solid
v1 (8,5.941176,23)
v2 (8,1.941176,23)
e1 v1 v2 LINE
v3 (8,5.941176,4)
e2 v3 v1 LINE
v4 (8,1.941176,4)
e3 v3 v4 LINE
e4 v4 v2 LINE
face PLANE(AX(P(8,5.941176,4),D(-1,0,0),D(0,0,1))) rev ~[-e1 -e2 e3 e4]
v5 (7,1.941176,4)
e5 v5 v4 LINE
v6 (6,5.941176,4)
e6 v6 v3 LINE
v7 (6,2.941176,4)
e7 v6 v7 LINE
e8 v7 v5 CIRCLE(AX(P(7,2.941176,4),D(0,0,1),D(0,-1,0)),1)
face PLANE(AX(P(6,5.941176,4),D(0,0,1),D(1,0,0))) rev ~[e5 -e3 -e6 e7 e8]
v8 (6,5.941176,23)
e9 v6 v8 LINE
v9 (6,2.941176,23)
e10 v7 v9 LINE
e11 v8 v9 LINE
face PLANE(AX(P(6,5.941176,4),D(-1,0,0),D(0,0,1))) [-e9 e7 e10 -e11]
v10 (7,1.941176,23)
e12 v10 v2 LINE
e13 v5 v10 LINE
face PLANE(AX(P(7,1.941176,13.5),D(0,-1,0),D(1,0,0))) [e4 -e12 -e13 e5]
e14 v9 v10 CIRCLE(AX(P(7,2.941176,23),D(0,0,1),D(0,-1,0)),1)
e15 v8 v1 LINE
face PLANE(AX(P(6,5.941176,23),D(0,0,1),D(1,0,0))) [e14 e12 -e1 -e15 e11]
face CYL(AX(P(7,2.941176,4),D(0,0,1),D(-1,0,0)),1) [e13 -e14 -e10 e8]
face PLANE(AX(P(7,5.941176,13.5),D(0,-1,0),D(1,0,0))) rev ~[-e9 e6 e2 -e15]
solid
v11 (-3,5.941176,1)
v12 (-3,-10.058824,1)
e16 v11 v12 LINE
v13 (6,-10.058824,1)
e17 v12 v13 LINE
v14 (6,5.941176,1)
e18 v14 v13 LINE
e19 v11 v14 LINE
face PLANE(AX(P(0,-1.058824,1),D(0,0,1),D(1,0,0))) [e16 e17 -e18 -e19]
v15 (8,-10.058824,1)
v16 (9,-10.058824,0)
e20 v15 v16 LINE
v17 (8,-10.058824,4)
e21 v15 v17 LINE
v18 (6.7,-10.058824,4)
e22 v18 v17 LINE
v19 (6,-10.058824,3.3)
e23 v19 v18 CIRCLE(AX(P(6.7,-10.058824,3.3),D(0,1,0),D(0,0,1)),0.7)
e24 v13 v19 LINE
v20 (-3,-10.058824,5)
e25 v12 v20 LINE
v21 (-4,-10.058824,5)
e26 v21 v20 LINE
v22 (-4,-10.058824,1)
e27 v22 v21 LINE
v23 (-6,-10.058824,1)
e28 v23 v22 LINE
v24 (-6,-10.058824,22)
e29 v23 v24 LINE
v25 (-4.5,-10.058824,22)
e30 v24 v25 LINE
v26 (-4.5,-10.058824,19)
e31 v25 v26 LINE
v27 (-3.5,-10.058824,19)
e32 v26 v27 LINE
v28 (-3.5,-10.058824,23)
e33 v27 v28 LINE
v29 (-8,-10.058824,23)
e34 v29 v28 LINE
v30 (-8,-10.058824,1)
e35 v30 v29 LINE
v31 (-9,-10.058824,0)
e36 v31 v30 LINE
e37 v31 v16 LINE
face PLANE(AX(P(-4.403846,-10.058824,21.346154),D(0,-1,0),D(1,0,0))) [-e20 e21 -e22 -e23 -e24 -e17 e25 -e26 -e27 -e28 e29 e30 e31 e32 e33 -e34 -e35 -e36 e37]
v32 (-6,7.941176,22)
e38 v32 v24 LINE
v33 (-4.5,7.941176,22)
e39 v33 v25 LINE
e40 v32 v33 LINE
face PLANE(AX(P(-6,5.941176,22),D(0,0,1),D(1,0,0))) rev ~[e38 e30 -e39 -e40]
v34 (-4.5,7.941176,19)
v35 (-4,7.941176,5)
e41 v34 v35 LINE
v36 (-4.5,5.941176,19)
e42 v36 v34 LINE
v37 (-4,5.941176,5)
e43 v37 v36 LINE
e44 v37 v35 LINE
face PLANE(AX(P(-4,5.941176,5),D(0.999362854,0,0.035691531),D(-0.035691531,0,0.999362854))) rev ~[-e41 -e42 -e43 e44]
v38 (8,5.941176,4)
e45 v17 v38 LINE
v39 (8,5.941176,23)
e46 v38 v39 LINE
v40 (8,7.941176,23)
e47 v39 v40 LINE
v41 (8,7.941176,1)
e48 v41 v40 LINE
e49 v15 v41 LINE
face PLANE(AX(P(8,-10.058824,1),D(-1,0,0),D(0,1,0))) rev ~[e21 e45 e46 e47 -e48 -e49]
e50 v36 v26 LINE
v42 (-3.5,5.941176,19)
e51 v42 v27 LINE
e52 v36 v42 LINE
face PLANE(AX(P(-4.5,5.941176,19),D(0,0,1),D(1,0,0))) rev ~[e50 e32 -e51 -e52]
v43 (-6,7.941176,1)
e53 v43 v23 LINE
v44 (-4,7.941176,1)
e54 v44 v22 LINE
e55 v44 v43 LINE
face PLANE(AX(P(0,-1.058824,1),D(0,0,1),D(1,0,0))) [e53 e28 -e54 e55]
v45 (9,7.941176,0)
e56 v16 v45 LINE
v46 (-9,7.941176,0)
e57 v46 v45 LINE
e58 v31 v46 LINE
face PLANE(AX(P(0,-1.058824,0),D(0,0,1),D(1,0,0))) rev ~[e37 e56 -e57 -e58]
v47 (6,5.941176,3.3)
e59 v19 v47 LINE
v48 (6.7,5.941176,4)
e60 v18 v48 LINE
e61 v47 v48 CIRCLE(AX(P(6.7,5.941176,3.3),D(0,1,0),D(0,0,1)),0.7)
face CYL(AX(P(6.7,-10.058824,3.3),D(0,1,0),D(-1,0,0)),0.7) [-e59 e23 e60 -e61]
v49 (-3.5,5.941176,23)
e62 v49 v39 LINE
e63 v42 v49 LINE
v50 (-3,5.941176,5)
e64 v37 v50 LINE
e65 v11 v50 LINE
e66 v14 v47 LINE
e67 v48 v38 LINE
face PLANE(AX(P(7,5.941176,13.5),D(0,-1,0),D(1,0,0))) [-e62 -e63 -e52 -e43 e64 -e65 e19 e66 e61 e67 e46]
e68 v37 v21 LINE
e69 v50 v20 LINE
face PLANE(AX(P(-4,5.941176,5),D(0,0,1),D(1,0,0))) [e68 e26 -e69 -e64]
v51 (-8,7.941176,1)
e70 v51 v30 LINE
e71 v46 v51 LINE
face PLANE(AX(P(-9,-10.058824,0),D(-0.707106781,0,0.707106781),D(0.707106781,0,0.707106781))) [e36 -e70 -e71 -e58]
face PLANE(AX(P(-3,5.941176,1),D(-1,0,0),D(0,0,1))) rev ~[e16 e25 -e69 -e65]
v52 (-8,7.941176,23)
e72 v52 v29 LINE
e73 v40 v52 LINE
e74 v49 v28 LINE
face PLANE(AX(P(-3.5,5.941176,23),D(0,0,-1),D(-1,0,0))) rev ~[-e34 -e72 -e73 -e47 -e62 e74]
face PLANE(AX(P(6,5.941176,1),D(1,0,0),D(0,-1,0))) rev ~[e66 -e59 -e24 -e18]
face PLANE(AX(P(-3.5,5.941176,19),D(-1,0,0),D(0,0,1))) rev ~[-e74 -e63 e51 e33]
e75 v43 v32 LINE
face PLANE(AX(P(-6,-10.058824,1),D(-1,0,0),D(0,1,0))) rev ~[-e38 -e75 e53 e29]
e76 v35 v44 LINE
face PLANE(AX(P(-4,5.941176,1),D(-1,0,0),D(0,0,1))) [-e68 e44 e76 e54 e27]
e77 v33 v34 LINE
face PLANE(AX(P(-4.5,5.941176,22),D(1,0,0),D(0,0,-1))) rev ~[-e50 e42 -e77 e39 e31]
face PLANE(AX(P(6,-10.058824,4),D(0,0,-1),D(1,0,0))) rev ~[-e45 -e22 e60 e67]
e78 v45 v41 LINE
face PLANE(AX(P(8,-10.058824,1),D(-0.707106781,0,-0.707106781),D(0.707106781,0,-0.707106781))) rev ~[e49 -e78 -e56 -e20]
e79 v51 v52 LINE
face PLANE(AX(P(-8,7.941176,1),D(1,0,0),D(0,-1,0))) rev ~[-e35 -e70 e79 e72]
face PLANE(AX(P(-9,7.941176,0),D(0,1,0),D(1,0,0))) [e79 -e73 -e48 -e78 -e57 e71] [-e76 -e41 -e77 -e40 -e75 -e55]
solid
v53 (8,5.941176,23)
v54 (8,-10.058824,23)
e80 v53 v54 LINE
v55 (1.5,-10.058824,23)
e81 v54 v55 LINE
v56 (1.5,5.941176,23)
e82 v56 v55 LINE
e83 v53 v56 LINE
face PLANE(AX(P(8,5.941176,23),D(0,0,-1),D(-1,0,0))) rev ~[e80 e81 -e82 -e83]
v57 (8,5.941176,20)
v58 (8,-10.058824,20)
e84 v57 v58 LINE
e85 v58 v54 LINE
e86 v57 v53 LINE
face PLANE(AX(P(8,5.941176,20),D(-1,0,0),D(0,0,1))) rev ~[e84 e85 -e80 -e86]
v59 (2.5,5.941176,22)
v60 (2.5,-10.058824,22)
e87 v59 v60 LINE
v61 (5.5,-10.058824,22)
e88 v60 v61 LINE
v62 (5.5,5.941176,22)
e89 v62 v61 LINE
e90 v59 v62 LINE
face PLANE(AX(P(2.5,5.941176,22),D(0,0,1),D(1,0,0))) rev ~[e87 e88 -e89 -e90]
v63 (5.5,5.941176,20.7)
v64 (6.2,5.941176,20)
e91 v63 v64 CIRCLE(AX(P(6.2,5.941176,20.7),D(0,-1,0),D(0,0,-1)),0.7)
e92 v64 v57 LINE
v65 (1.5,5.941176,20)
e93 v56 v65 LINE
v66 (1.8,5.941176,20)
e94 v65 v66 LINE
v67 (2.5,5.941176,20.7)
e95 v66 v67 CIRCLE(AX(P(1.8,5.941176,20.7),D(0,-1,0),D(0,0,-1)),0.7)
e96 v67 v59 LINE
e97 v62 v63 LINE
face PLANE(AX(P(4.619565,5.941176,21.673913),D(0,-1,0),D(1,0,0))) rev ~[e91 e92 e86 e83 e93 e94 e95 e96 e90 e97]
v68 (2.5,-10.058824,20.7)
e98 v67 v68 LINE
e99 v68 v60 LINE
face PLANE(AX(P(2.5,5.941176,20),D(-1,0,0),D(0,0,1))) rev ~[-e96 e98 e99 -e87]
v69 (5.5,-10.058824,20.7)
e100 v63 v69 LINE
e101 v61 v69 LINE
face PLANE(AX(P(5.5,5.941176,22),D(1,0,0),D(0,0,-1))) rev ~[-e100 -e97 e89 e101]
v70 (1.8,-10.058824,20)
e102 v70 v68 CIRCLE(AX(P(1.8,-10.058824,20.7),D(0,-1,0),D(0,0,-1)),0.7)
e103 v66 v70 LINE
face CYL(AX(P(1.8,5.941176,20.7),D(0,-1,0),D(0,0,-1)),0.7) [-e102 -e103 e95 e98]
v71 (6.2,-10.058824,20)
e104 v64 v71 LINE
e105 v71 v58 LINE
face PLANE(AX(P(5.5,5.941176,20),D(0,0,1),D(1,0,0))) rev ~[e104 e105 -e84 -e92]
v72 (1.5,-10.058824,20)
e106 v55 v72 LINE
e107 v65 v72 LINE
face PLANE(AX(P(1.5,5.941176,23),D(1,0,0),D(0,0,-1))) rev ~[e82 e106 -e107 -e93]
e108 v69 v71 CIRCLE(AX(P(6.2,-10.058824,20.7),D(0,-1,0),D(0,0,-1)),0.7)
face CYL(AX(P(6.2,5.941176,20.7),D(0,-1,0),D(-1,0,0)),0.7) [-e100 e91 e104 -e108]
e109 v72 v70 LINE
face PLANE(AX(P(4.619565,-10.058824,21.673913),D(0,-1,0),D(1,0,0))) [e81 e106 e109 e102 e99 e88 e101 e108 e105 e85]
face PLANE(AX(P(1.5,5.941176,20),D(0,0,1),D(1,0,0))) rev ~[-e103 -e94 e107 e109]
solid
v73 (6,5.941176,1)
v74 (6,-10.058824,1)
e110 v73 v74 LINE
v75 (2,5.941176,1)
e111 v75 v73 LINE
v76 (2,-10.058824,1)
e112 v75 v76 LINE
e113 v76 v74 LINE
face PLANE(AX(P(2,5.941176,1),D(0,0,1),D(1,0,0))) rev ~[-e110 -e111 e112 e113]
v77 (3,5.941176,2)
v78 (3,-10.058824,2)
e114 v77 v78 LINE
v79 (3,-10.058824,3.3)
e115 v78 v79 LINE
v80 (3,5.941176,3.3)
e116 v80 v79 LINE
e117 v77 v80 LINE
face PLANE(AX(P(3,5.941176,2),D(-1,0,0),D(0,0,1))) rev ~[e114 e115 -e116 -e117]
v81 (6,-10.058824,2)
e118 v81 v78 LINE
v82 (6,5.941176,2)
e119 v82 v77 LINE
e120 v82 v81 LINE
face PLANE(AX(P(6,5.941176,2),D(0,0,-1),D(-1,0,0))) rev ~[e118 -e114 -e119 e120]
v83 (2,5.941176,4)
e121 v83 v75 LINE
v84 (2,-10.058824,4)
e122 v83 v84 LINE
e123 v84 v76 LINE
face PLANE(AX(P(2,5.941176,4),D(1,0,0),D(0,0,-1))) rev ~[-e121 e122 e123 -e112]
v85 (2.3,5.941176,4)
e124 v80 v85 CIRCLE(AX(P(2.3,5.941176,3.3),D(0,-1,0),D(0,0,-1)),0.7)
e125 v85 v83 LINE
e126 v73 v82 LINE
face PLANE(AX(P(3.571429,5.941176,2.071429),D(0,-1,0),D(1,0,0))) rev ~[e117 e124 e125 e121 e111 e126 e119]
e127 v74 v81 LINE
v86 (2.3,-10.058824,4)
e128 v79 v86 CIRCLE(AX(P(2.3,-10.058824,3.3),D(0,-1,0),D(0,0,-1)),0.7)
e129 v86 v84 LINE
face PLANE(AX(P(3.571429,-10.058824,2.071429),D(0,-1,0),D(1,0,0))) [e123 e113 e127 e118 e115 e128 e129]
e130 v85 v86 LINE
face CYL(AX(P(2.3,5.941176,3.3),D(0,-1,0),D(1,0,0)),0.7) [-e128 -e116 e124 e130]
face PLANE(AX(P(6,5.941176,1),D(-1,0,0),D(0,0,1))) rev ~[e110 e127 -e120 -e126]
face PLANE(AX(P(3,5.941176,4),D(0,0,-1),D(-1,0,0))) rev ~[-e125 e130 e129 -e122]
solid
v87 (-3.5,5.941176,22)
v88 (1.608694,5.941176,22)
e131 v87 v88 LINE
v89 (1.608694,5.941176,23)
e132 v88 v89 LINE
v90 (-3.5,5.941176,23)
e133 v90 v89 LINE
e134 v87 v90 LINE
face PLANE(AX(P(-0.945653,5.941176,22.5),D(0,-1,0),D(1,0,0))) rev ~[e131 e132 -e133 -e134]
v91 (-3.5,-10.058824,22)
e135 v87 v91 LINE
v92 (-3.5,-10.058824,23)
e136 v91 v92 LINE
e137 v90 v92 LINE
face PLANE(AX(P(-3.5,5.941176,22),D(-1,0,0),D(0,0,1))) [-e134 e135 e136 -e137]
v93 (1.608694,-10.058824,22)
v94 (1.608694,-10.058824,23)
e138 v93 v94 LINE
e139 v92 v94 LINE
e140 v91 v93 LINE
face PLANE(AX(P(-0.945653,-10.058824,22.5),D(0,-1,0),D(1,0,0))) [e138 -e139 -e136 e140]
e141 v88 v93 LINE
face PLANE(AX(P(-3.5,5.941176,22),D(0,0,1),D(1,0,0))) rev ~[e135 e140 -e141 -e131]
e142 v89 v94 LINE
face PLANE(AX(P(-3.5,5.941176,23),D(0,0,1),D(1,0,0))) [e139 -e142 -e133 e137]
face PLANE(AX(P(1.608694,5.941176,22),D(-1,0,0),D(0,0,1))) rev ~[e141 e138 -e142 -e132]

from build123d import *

# Parameters (mm, degrees)
F0_W      = 18
F0_H      = 18
F1_DEPTH  = 1
F3_DEPTH  = 22
F6_W      = 2
F6_H      = 19
F7_DEPTH  = 16
F8_W      = 1
F8_H      = 4
F9_DEPTH  = 16
F10_DEPTH = 25
F12_DEPTH = 16
F13_W     = 2
F13_H     = 19
F14_DEPTH = 2
F16_DEPTH = 4
F17_R     = 0.7
F17_2_R   = 0.7
F17_3_R   = 0.7
F18_R     = 1
F19_W     = 5.1086935602
F19_H     = 1
F20_DEPTH = 16
F22_DEPTH = 25


with BuildPart() as f1:
    # F0 (on Top) → F1 (new body)
    with BuildSketch(Plane.XY):
        with Locations((0, -1.0588235294)):
            Rectangle(F0_W, F0_H)
    extrude(amount=F1_DEPTH)

    # F2 (on face) → F3 (join)
    with BuildSketch(Plane.XY.offset(1)):
        Polygon((6, -10.0588235294), (8, -10.0588235294), (8, 7.9411764706), (-8, 7.9411764706), (-8, -10.0588235294), (-6, -10.0588235294), (-6, 5.9411764706), (6, 5.9411764706), align=None)
    extrude(amount=F3_DEPTH)

    # F5: sweep along a path in F5_path
    with BuildLine(Plane(origin=(-9, -10.0588235294, 0), x_dir=(0, -1, 0), z_dir=(0, 0, -1))) as f5_path:
        Line((0, 0), (-18, 0))
    # F4 (on face) → F5 (sweep, cut)
    with BuildSketch(Plane.XZ.offset(10.0588235294)):
        Polygon((-9, 1), (-9, 0), (-8, 1), align=None)
    sweep(path=f5_path.line, mode=Mode.SUBTRACT)

    # F6 (on face) → F7 (cut, through all)
    with BuildSketch(Plane.XZ.offset(10.0588235294)):
        with Locations((7, 13.5)):
            Rectangle(F6_W, F6_H)
    extrude(amount=-F7_DEPTH, mode=Mode.SUBTRACT)

    # F8 (on face) → F9 (join, through all)
    with BuildSketch(Plane.XZ.offset(-5.9411764706)):
        Polygon((-3.5, 23), (-6, 23), (-6, 22), (-4.5, 22), (-4.5, 19), (-3.5, 19), align=None)
        with Locations((-3.5, 3)):
            Rectangle(F8_W, F8_H)
    extrude(amount=F9_DEPTH)

    # F4 (on face) → F10 (cut)
    with BuildSketch(Plane.XZ.offset(10.0588235294)):
        Polygon((8, 1), (9, 0), (9, 1), align=None)
    extrude(amount=-F10_DEPTH, mode=Mode.SUBTRACT)

    # F17
    f17_edges = [f1.edges().sort_by_distance(p)[0] for p in [
        (6, -2.058824, 4),
    ]]
    fillet(f17_edges, radius=F17_R)

    # F21 (on face) → F22 (cut)
    with BuildSketch(Plane.XZ.offset(-5.9411764706)):
        Polygon((-4, 1), (-4, 5), (-4.5, 19), (-4.5, 22), (-6, 22), (-6, 1), align=None)
    extrude(amount=-F22_DEPTH, mode=Mode.SUBTRACT)


with BuildPart() as f12:
    # F11 (on face) → F12 (new body, through all)
    with BuildSketch(Plane.XZ.offset(-5.9411764706)):
        Polygon((2, 1), (6, 1), (6, 2), (3, 2), (3, 4), (2, 4), align=None)
    extrude(amount=F12_DEPTH)

    # F17#2
    f17_2_edges = [f12.edges().sort_by_distance(p)[0] for p in [
        (3, -2.058824, 4),
    ]]
    fillet(f17_2_edges, radius=F17_2_R)


with BuildPart() as f12b:
    # F11 (on face) → F12, piece 2 (new body, through all)
    with BuildSketch(Plane.XZ.offset(-5.9411764706)):
        Polygon((8, 23), (5.5, 23), (1.5, 23), (1.5, 20), (2.5, 20), (2.5, 22), (5.5, 22), (5.5, 20), (8, 20), align=None)
    extrude(amount=F12_DEPTH)

    # F17#3
    f17_3_edges = [f12b.edges().sort_by_distance(p)[0] for p in [
        (2.5, -2.058824, 20),
        (5.5, -2.058824, 20),
    ]]
    fillet(f17_3_edges, radius=F17_3_R)


with BuildPart() as f14:
    # F13 (on face) → F14 (new body)
    with BuildSketch(Plane.XZ.offset(-5.9411764706)):
        with Locations((7, 13.5)):
            Rectangle(F13_W, F13_H)
    extrude(amount=F14_DEPTH)


with BuildPart() as f16:
    # F13 (on face) → F16 (new body)
    with BuildSketch(Plane.XZ.offset(-5.9411764706)):
        with Locations((7, 13.5)):
            Rectangle(F13_W, F13_H)
    extrude(amount=F16_DEPTH)

    # F18
    f18_edges = [f16.edges().sort_by_distance(p)[0] for p in [
        (6, 1.941176, 13.5),
    ]]
    fillet(f18_edges, radius=F18_R)


with BuildPart() as f20:
    # F19 (on face) → F20 (new body, through all)
    with BuildSketch(Plane.XZ.offset(-5.9411764706)):
        with Locations((-0.9456532199, 22.5)):
            Rectangle(F19_W, F19_H)
    extrude(amount=F20_DEPTH)


solid = Compound([f1.part, f12.part, f12b.part, f16.part, f20.part])
